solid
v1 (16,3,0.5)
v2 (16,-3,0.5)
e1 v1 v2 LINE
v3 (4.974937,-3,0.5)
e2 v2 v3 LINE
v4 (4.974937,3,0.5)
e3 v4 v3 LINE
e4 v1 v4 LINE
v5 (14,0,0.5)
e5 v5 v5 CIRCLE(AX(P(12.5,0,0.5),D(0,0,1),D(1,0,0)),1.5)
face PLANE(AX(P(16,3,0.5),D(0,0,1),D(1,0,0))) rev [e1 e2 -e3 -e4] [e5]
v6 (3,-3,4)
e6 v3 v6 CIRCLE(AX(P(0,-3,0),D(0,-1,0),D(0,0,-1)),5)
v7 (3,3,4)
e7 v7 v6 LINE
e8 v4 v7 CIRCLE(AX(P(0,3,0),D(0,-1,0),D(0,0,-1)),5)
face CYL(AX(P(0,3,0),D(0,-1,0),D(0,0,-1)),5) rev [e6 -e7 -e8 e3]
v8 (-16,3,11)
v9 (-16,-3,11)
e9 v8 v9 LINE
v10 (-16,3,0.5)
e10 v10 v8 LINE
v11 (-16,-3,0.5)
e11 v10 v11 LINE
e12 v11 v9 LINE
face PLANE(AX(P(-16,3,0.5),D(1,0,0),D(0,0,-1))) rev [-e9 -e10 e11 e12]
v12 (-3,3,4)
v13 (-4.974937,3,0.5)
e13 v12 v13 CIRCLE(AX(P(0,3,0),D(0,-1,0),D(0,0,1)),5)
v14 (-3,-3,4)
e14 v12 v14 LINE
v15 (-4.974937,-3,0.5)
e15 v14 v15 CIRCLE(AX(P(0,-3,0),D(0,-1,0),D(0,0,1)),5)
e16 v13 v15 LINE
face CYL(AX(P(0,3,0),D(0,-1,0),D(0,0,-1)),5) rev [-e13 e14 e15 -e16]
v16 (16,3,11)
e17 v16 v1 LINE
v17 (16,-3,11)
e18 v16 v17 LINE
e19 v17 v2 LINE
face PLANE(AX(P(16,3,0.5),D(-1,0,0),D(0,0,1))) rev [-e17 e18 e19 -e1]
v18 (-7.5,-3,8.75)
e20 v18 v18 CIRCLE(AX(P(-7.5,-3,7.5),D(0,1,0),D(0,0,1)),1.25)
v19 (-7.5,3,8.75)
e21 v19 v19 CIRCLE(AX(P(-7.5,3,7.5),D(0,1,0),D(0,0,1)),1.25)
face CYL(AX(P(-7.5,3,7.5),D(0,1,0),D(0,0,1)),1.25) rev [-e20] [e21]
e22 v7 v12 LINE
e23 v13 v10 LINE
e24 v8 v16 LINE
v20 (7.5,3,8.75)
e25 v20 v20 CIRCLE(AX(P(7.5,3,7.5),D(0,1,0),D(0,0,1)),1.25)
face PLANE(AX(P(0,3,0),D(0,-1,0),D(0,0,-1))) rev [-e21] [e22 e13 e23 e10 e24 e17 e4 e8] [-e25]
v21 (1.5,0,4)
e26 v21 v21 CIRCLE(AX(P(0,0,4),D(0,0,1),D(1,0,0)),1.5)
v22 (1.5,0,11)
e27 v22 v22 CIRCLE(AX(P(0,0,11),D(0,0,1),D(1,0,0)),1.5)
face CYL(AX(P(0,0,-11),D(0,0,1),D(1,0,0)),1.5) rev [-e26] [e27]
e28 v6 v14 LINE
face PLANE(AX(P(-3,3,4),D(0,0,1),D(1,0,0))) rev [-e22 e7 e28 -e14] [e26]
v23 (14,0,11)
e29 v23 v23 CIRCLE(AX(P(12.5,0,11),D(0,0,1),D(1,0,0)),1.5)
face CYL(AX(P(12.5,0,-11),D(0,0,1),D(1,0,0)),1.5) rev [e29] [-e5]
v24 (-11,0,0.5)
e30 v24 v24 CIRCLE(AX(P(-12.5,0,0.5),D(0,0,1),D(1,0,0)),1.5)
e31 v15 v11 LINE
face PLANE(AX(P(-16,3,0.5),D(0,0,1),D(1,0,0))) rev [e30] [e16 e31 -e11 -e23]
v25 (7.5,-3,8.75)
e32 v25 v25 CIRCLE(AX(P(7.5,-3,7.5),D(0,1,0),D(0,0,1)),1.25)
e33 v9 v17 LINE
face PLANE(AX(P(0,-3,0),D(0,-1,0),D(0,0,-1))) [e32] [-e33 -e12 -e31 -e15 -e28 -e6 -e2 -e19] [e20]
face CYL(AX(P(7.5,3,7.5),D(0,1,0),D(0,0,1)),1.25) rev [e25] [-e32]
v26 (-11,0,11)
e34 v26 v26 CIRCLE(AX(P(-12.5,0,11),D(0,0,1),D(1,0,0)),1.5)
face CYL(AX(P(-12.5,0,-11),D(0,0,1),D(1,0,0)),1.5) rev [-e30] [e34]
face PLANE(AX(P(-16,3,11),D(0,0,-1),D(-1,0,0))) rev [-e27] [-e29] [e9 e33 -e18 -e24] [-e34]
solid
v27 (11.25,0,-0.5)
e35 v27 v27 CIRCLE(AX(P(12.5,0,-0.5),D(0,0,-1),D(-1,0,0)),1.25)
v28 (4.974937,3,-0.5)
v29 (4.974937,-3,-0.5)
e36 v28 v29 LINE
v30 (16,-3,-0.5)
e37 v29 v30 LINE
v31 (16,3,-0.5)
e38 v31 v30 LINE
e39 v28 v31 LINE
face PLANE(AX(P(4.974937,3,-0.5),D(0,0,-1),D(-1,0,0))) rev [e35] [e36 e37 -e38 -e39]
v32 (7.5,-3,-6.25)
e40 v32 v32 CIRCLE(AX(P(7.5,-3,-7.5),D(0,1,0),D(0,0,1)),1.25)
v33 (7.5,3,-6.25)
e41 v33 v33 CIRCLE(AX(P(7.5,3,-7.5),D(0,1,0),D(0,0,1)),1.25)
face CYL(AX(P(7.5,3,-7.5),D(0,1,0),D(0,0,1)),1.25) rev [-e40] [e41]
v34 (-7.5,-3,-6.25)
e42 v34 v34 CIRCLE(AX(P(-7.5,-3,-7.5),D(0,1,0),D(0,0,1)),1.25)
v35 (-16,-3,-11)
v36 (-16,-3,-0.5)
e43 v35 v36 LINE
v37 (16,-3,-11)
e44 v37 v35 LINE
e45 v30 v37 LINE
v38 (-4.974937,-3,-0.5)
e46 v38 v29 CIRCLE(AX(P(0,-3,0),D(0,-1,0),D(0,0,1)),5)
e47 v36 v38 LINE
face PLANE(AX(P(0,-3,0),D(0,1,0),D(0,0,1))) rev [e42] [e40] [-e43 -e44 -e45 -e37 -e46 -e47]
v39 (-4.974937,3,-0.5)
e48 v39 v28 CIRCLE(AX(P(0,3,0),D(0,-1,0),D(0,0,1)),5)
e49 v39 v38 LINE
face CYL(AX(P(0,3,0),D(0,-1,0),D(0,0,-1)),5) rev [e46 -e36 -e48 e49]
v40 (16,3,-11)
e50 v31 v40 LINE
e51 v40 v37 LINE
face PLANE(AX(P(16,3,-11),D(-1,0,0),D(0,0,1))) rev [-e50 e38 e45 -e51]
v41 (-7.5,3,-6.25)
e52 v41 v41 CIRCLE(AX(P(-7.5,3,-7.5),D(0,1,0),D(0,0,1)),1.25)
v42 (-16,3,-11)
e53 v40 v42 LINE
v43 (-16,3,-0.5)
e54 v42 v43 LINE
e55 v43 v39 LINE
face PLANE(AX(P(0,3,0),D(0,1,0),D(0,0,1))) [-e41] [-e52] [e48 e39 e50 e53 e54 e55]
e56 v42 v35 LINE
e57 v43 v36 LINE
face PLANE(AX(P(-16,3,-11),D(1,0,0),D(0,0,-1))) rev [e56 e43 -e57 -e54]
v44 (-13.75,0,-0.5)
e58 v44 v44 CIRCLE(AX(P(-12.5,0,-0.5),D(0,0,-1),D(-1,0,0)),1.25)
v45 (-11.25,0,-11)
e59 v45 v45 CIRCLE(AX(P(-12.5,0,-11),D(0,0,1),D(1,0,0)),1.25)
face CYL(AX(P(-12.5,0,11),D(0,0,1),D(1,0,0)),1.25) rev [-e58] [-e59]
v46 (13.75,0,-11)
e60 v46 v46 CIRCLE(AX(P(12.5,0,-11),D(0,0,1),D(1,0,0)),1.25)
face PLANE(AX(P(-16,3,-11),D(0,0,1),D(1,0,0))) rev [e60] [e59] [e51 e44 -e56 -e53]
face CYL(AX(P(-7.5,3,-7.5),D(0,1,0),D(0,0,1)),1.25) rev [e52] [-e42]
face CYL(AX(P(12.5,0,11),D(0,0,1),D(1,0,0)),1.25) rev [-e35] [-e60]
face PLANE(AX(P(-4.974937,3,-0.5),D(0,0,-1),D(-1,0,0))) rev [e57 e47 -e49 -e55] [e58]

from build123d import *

# Parameters (mm, degrees)
EXTRUDE_1_DEPTH             = 3
EXTRUDE_1_2_DEPTH           = 3
SKETCH_3_W                  = 1.25
SKETCH_3_H                  = 22
HOLE_WIZARD_M3_1_AT_2_COUNT = 2
HOLE_WIZARD_M3_1_AT_2_PITCH = 25
SKETCH_5_W                  = 1.25
SKETCH_5_H                  = 6
HOLE_WIZARD_M3_2_AT_2_COUNT = 2
HOLE_WIZARD_M3_2_AT_2_PITCH = 15
HOLE_WIZARD_M3_2_AT_3_COUNT = 2
HOLE_WIZARD_M3_2_AT_3_PITCH = 15
HOLE_WIZARD_M3_2_AT_4_COUNT = 2
HOLE_WIZARD_M3_2_AT_4_PITCH = 21.213203436
SKETCH_6_R                  = 1.5
CUT_EXTRUDE_1_DEPTH         = 23


with BuildPart() as part:
    # 草图1 → 凸台-拉伸1 (new body, symmetric)
    with BuildSketch(Plane(origin=(0, 0, 0), x_dir=(1, 0, 0), z_dir=(0, 1, 0))):
        with BuildLine():
            Line((-3, -4), (3, -4))
            ThreePointArc((3, -4), (4.354584455, -2.457151648), (4.974937186, -0.5))
            Line((4.974937186, -0.5), (16, -0.5))
            Line((16, -0.5), (16, -11))
            Line((16, -11), (-16, -11))
            Line((-16, -11), (-16, -0.5))
            Line((-16, -0.5), (-4.974937186, -0.5))
            ThreePointArc((-4.974937186, -0.5), (-4.354584455, -2.457151648), (-3, -4))
        make_face()
    extrude(amount=EXTRUDE_1_DEPTH, both=True)


with BuildPart() as body_2:
    # 草图1 → Extrude 1 2 (new body, symmetric)
    with BuildSketch(Plane(origin=(0, 0, 0), x_dir=(1, 0, 0), z_dir=(0, 1, 0))):
        with BuildLine():
            Line((-16, 11), (16, 11))
            Line((16, 11), (16, 0.5))
            Line((16, 0.5), (4.974937186, 0.5))
            ThreePointArc((4.974937186, 0.5), (0, 5), (-4.974937186, 0.5))
            Line((-4.974937186, 0.5), (-16, 0.5))
            Line((-16, 0.5), (-16, 11))
        make_face()
    extrude(amount=EXTRUDE_1_2_DEPTH, both=True)


with BuildPart() as hole_wizard_m3_1_tool:
    # 草图3 → M3 螺纹孔1 (revolve)
    with BuildSketch(Plane(origin=(-12.5, 0, 11), x_dir=(0, -1, 0), z_dir=(1, 0, 0))):
        with Locations((0.625, 11)):
            Rectangle(SKETCH_3_W, SKETCH_3_H)
    hole_wizard_m3_1 = revolve(axis=Axis((-12.5, 0, 17.35), (0, 0, -1)))


with BuildPart() as part_1:
    add(part.part)

    # M3 螺纹孔1: cut by hole_wizard_m3_1_tool
    add(hole_wizard_m3_1_tool.part, mode=Mode.SUBTRACT)


with BuildPart() as body_2_1:
    add(body_2.part)

    # M3 螺纹孔1: cut by hole_wizard_m3_1_tool
    add(hole_wizard_m3_1_tool.part, mode=Mode.SUBTRACT)


with BuildPart() as hole_wizard_m3_1_at_2_tool:
    # M3 螺纹孔1 at 2: M3 螺纹孔1 ×2
    with Locations(*[(i * HOLE_WIZARD_M3_1_AT_2_PITCH, 0, 0) for i in range(1, HOLE_WIZARD_M3_1_AT_2_COUNT)]):
        add(hole_wizard_m3_1)


with BuildPart() as part_2:
    add(part_1.part)

    # M3 螺纹孔1 at 2: cut by hole_wizard_m3_1_at_2_tool
    add(hole_wizard_m3_1_at_2_tool.part, mode=Mode.SUBTRACT)


with BuildPart() as body_2_2:
    add(body_2_1.part)

    # M3 螺纹孔1 at 2: cut by hole_wizard_m3_1_at_2_tool
    add(hole_wizard_m3_1_at_2_tool.part, mode=Mode.SUBTRACT)

    # 草图5 → M3 螺纹孔2 (revolve, cut)
    with BuildSketch(Plane(origin=(-7.5, 3, -7.5), x_dir=(0, 0, 1), z_dir=(1, 0, 0))):
        with Locations((0.625, 3)):
            Rectangle(SKETCH_5_W, SKETCH_5_H)
    hole_wizard_m3_2 = revolve(axis=Axis((-7.5, 9.35, -7.5), (0, -1, 0)), mode=Mode.SUBTRACT)

    # M3 螺纹孔2 at 2: M3 螺纹孔2 ×2
    with Locations(*[(i * HOLE_WIZARD_M3_2_AT_2_PITCH, 0, 0) for i in range(1, HOLE_WIZARD_M3_2_AT_2_COUNT)]):
        add(hole_wizard_m3_2, mode=Mode.SUBTRACT)


with BuildPart() as part_3:
    add(part_2.part)

    # M3 螺纹孔2 at 3: M3 螺纹孔2 ×2
    with Locations(*[(0, 0, i * HOLE_WIZARD_M3_2_AT_3_PITCH) for i in range(1, HOLE_WIZARD_M3_2_AT_3_COUNT)]):
        add(hole_wizard_m3_2, mode=Mode.SUBTRACT)

    # M3 螺纹孔2 at 4: M3 螺纹孔2 ×2
    with Locations(*[Vector(0.707106781, 0, 0.707106781) * (i * HOLE_WIZARD_M3_2_AT_4_PITCH) for i in range(1, HOLE_WIZARD_M3_2_AT_4_COUNT)]):
        add(hole_wizard_m3_2, mode=Mode.SUBTRACT)

    # 草图6 → 切除-拉伸1 (cut, through all)
    with BuildSketch(Plane.XY.offset(11)):
        Circle(SKETCH_6_R)
        with Locations((-12.5, 0)):
            Circle(SKETCH_6_R)
        with Locations((12.5, 0)):
            Circle(SKETCH_6_R)
    extrude(amount=-CUT_EXTRUDE_1_DEPTH, mode=Mode.SUBTRACT)


solid = Compound([body_2_2.part, part_3.part])
